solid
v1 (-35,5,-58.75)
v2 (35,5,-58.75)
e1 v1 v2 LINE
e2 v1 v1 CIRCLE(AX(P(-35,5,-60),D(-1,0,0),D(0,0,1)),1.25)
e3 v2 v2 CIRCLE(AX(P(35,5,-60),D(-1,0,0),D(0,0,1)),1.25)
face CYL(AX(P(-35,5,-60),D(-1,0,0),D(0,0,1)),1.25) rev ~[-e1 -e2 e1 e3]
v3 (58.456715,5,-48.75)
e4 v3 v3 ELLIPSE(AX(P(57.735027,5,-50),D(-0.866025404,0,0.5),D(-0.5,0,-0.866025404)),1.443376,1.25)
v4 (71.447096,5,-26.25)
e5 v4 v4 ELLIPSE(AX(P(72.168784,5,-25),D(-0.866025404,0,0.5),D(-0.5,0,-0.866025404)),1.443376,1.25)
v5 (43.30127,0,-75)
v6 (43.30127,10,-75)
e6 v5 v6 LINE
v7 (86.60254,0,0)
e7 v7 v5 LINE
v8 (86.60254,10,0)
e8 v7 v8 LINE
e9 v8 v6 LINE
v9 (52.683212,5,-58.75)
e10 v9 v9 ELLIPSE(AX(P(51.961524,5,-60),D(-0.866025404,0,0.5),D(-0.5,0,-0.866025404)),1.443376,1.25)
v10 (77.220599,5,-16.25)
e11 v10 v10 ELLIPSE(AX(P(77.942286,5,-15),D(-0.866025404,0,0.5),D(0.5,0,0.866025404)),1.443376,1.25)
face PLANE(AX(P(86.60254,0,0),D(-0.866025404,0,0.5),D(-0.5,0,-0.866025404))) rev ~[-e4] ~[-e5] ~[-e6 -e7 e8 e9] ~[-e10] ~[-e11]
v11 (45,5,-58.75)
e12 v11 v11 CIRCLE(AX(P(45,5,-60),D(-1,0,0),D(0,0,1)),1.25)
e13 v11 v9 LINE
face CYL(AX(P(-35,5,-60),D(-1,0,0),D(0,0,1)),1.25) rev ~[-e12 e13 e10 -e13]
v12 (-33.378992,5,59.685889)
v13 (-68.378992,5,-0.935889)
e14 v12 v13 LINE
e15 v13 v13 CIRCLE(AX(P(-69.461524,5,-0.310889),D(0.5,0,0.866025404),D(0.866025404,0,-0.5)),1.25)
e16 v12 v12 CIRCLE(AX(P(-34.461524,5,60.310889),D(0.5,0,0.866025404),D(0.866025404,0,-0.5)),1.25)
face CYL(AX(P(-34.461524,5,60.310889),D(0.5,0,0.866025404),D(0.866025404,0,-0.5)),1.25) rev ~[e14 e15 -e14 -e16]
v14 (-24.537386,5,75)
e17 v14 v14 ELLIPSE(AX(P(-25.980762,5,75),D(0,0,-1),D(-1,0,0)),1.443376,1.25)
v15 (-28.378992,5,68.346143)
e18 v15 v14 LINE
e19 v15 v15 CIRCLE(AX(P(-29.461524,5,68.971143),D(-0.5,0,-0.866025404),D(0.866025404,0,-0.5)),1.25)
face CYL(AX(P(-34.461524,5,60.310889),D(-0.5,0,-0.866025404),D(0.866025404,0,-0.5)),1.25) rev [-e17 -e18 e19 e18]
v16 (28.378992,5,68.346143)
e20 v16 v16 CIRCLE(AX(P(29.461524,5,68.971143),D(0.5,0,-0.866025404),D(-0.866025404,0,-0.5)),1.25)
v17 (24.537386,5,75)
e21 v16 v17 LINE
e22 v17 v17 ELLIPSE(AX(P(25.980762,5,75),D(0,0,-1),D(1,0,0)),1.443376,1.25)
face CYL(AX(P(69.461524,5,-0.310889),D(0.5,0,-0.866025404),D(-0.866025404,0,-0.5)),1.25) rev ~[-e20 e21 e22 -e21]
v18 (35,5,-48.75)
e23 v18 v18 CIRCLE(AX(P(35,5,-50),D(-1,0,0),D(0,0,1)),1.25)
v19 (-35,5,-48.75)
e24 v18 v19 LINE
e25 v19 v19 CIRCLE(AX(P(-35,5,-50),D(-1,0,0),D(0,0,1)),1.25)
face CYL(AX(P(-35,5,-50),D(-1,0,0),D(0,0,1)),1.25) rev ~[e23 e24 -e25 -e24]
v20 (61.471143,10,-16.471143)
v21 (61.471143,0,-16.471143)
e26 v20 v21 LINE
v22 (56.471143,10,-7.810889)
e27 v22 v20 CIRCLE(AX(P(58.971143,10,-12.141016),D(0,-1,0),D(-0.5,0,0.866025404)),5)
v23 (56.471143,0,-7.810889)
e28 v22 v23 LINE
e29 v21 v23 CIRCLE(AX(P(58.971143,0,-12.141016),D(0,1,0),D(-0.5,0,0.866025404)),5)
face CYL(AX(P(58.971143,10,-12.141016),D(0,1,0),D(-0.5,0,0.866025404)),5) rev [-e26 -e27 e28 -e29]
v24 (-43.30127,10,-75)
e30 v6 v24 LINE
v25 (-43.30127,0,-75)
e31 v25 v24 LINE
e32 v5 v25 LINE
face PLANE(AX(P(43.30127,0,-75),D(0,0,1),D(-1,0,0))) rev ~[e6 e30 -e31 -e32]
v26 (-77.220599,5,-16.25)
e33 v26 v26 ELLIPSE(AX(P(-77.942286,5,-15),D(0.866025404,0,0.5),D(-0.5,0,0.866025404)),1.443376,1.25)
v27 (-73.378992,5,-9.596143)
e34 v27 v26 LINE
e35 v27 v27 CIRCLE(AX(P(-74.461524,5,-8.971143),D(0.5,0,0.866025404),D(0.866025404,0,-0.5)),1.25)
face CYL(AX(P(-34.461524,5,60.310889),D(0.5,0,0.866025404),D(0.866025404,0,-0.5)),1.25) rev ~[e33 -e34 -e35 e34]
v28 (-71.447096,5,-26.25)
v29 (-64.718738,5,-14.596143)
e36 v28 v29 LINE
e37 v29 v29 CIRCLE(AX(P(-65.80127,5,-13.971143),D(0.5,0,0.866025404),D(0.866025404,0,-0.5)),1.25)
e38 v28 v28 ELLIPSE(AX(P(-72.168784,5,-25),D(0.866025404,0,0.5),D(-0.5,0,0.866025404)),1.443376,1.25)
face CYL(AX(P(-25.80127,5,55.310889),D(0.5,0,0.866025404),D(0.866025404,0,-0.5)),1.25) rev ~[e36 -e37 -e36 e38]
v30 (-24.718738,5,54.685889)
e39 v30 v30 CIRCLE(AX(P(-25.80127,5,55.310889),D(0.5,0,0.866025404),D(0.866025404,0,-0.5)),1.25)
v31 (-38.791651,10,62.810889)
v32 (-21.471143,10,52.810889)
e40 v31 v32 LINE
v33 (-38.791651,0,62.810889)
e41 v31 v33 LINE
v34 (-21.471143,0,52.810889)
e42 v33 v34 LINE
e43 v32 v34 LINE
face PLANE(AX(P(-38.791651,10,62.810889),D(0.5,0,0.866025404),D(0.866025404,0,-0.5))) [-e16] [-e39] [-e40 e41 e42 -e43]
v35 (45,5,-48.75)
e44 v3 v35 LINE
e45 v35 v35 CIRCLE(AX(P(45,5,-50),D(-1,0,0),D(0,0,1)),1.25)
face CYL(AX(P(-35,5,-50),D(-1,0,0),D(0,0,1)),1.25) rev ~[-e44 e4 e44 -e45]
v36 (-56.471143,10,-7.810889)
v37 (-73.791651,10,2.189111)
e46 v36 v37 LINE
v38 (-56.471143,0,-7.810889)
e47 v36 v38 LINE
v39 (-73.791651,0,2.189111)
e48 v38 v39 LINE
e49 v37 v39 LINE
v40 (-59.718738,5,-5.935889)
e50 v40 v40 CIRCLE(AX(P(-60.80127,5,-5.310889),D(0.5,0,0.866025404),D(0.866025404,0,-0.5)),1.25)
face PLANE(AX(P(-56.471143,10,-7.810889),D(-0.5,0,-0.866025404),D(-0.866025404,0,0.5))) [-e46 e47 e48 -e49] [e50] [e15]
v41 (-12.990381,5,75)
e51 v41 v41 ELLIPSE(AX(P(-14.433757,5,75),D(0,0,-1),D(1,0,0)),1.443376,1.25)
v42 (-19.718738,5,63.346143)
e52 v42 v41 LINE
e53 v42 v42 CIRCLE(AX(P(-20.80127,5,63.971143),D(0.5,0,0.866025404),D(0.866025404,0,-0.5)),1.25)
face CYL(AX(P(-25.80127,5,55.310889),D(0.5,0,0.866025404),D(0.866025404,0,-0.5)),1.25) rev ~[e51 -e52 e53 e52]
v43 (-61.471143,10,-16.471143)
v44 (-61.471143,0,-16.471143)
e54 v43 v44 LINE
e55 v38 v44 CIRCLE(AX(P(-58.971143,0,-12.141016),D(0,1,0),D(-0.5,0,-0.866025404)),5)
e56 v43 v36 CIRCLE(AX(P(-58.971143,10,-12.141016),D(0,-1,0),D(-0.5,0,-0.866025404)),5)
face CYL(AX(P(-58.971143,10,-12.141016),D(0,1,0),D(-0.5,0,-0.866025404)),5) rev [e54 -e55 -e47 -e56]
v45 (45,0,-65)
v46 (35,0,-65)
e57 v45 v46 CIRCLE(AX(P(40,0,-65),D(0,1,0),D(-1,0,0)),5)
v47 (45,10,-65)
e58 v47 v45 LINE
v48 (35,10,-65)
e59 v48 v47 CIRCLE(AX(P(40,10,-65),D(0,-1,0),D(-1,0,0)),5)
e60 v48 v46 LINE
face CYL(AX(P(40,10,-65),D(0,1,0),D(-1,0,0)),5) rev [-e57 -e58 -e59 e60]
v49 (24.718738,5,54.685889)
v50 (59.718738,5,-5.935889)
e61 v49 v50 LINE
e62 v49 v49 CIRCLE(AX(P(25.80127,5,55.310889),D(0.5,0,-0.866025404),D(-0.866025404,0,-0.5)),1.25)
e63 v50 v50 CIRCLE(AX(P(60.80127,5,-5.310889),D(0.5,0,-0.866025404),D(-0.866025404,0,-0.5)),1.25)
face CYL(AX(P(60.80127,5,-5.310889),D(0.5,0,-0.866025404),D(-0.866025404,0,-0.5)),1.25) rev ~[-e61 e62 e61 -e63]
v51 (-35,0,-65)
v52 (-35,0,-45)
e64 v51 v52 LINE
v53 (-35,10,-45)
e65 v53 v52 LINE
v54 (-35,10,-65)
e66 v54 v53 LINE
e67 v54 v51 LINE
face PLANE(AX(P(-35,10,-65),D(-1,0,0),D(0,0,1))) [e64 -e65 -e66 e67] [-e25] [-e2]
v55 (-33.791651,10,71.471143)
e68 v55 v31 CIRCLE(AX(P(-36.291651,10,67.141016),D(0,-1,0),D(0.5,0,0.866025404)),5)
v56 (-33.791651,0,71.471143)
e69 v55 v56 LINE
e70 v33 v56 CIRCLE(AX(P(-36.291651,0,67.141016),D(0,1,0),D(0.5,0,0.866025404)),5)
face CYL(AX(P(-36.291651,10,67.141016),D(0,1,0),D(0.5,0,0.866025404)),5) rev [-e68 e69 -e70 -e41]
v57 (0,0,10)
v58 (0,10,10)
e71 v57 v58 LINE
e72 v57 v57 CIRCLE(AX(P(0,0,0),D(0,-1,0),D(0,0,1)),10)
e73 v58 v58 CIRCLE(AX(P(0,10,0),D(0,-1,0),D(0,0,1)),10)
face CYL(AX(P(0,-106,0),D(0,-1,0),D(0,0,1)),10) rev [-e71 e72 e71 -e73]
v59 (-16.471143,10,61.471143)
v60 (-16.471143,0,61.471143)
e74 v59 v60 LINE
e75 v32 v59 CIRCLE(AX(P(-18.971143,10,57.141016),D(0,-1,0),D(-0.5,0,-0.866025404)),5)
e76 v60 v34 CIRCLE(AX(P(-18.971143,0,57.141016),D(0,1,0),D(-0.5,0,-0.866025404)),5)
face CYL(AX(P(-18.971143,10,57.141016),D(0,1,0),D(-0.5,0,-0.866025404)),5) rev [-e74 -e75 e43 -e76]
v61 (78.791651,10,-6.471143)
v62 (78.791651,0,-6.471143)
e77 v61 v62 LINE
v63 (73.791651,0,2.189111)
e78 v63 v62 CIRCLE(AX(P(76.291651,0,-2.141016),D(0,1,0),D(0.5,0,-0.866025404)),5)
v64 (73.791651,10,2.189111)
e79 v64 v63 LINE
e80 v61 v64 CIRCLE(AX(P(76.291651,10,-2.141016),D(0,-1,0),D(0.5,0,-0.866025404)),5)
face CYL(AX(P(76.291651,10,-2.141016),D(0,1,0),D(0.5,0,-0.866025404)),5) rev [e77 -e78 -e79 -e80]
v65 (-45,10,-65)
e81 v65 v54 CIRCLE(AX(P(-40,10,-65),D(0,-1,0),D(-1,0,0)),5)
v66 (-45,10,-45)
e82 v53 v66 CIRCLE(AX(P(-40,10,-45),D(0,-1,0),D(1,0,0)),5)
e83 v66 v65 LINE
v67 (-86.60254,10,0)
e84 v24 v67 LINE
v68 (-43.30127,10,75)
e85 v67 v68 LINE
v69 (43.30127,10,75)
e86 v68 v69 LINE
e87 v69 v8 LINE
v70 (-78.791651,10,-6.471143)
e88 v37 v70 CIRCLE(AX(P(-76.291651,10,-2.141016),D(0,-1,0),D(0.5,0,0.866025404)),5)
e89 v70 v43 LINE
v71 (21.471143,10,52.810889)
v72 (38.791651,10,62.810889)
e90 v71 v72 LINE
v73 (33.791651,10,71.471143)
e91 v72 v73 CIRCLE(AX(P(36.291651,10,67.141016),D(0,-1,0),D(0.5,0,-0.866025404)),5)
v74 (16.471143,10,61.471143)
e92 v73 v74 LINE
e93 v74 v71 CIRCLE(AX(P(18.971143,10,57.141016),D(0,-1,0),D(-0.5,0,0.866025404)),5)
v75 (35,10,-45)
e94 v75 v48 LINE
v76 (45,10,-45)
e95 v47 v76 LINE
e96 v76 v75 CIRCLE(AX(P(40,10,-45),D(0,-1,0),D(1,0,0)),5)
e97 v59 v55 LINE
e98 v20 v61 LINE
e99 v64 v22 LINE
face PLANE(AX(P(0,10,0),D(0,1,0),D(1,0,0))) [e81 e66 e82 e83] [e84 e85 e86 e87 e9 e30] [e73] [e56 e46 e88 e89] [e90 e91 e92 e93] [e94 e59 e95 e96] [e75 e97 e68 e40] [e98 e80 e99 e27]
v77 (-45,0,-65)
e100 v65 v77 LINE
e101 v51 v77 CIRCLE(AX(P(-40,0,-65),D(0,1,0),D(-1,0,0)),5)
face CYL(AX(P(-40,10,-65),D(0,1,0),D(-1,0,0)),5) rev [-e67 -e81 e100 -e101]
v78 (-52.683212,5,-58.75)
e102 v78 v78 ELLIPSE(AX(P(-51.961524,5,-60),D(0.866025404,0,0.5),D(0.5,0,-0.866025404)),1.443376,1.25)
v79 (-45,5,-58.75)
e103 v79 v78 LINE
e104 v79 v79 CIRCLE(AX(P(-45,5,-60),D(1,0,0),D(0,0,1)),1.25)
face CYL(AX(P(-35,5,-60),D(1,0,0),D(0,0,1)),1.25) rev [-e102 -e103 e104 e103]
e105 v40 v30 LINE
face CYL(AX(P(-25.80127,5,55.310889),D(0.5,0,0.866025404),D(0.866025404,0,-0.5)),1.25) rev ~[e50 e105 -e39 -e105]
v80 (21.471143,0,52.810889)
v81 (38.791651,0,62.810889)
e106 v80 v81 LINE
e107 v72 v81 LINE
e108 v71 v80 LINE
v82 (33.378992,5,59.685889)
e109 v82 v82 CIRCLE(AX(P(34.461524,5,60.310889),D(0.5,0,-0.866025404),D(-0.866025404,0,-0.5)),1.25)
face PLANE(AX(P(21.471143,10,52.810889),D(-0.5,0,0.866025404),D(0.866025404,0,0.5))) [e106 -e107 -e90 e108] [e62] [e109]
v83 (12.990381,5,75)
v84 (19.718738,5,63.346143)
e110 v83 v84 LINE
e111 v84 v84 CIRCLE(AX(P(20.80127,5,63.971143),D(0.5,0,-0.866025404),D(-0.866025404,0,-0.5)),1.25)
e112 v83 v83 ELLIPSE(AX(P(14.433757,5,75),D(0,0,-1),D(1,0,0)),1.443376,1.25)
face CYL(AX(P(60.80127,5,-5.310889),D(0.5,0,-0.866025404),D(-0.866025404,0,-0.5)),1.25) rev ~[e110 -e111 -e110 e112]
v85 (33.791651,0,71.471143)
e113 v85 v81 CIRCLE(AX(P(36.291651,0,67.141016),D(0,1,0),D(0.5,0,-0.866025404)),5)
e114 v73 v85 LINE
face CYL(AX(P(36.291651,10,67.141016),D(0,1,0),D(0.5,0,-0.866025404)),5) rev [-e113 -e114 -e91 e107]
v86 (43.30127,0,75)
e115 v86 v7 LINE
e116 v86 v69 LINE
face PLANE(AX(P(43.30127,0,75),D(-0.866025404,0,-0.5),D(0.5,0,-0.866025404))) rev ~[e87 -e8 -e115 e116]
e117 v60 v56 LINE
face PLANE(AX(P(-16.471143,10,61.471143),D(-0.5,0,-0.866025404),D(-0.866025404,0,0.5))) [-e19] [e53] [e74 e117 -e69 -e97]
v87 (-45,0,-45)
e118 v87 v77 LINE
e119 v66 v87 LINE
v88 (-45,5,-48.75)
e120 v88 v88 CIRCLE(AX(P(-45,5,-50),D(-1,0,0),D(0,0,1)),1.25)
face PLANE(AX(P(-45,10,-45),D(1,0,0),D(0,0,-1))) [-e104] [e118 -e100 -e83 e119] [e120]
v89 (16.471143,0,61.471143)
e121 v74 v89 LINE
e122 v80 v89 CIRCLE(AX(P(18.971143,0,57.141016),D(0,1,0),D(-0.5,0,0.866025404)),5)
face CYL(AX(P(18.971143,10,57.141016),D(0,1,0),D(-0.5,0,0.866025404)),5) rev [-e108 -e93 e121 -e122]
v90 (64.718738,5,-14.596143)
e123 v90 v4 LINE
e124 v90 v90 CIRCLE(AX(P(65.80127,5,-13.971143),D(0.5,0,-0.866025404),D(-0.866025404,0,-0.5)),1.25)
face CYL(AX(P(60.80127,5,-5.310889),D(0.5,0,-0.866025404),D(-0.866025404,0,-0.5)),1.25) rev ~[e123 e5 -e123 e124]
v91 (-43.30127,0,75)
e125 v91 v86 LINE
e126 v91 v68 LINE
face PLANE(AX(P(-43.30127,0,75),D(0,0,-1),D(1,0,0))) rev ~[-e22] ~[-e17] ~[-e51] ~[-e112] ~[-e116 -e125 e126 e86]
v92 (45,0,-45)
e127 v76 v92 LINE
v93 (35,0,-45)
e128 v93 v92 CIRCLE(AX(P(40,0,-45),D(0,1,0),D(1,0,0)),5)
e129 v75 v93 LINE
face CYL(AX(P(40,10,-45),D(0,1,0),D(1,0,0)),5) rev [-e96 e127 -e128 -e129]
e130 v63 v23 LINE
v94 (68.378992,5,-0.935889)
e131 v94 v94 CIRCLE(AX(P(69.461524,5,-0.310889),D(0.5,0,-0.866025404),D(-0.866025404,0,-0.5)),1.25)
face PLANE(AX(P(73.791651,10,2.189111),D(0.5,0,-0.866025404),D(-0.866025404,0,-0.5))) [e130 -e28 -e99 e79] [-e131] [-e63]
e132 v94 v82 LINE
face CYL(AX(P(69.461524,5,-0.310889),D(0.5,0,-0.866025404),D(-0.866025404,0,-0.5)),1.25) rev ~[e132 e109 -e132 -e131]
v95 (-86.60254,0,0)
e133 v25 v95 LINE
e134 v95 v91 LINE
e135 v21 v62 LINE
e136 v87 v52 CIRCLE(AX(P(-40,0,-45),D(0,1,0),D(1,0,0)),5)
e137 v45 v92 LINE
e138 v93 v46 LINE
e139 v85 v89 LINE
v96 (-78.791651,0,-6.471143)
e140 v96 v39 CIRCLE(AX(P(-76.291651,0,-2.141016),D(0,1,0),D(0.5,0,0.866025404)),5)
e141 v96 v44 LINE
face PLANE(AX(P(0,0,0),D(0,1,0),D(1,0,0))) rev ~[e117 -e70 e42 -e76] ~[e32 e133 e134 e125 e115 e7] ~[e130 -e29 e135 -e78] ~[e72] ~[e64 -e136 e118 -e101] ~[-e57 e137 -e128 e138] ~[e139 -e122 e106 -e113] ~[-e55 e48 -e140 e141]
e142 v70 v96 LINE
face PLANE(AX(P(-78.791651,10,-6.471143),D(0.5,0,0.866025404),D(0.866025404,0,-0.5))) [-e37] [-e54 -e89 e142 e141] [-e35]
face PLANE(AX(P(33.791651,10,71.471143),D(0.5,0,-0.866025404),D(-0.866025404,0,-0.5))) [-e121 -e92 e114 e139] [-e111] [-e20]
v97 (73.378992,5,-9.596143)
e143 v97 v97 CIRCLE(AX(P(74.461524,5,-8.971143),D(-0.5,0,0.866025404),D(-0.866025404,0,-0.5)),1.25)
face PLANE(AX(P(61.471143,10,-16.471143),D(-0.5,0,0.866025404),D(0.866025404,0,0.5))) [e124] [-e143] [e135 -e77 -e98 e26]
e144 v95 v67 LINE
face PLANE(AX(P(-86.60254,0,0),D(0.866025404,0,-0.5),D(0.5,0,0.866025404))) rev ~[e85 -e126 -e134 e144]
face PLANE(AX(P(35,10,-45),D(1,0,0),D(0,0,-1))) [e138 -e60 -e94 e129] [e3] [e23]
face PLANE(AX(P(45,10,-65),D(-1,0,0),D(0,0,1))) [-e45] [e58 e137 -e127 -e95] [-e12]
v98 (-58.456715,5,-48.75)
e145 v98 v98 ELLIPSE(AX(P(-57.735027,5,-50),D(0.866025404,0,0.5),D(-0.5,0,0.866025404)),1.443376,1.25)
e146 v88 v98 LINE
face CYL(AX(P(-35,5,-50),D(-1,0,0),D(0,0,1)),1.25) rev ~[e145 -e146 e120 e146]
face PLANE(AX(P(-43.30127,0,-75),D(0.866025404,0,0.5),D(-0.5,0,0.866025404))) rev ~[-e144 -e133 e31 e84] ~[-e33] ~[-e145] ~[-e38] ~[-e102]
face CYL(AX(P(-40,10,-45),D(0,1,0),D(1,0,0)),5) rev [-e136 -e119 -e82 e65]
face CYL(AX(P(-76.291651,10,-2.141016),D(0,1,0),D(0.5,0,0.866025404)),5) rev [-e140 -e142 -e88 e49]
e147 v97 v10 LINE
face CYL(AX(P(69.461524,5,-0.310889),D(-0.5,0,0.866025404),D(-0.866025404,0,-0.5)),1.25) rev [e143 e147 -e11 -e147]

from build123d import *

# Parameters (mm, degrees)
BOSS_EXTRUDE1_DEPTH     = 10
CUT_EXTRUDE1_DEPTH      = 20
SKETCH4_R               = 1.25
CUT_EXTRUDE2_DEPTH      = 149.417392118
CUT_EXTRUDE3_DEPTH      = 116
CUT_EXTRUDE3_DEPTH_BACK = 116
SKETCH6_R               = 10
CIRPATTERN1_COUNT       = 3


with BuildPart() as part:
    # Sketch1 → Boss-Extrude1 (new body)
    with BuildSketch(Plane(origin=(0, 0, 0), x_dir=(1, 0, 0), z_dir=(0, 1, 0))):
        Polygon((-43.301270189, -75), (43.301270189, -75), (86.602540378, 0), (43.301270189, 75), (-43.301270189, 75), (-86.602540378, 0), align=None)
    extrude(amount=BOSS_EXTRUDE1_DEPTH)

    # Sketch3 → Cut-Extrude1 (cut)
    with BuildSketch(Plane(origin=(0, 10, 0), x_dir=(1, 0, 0), z_dir=(0, 1, 0))):
        with BuildLine():
            Line((-78.791651246, 6.47114317), (-61.47114317, 16.47114317))
            ThreePointArc((-61.47114317, 16.47114317), (-54.641016151, 14.641016151), (-56.47114317, 7.810889132))
            Line((-56.47114317, 7.810889132), (-73.791651246, -2.189110868))
            ThreePointArc((-73.791651246, -2.189110868), (-80.621778265, -0.358983849), (-78.791651246, 6.47114317))
        make_face()
        with BuildLine():
            Line((-38.791651246, -62.810889132), (-21.47114317, -52.810889132))
            ThreePointArc((-21.47114317, -52.810889132), (-14.641016151, -54.641016151), (-16.47114317, -61.47114317))
            Line((-16.47114317, -61.47114317), (-33.791651246, -71.47114317))
            ThreePointArc((-33.791651246, -71.47114317), (-40.621778265, -69.641016151), (-38.791651246, -62.810889132))
        make_face()
    cut_extrude1 = extrude(amount=-CUT_EXTRUDE1_DEPTH, mode=Mode.SUBTRACT)

    # Sketch4 → Cut-Extrude2 (cut, symmetric)
    with BuildSketch(Plane(origin=(17.5, 0, 30.310889132), x_dir=(0.8660254037844383, 0, -0.5000000000000007), z_dir=(0.5000000000000007, 0, 0.8660254037844383))):
        with Locations((-60, 5)):
            Circle(SKETCH4_R)
        with Locations((-50, 5)):
            Circle(SKETCH4_R)
    cut_extrude2 = extrude(amount=CUT_EXTRUDE2_DEPTH, both=True, mode=Mode.SUBTRACT)

    # Sketch6 → Cut-Extrude3 (cut, two sides: drawn at the far end of the back side and taken through both)
    with BuildSketch(Plane(origin=(0, 10, 0), x_dir=(1, 0, 0), z_dir=(0, 1, 0)).offset(-CUT_EXTRUDE3_DEPTH_BACK)):
        with Locations(Location((0, 0, 0), (0, 0, 270))):
            Circle(SKETCH6_R)
    extrude(amount=CUT_EXTRUDE3_DEPTH + CUT_EXTRUDE3_DEPTH_BACK, mode=Mode.SUBTRACT)

    # CirPattern1: Cut-Extrude1, Cut-Extrude2 ×3 about axis
    cirpattern1_axis = Axis((0, 0, 0), (0, 1, 0))
    add([cut_extrude1.rotate(cirpattern1_axis, i * 360 / CIRPATTERN1_COUNT) for i in range(1, CIRPATTERN1_COUNT)], mode=Mode.SUBTRACT)
    add([cut_extrude2.rotate(cirpattern1_axis, i * 360 / CIRPATTERN1_COUNT) for i in range(1, CIRPATTERN1_COUNT)], mode=Mode.SUBTRACT)


solid = part.part
